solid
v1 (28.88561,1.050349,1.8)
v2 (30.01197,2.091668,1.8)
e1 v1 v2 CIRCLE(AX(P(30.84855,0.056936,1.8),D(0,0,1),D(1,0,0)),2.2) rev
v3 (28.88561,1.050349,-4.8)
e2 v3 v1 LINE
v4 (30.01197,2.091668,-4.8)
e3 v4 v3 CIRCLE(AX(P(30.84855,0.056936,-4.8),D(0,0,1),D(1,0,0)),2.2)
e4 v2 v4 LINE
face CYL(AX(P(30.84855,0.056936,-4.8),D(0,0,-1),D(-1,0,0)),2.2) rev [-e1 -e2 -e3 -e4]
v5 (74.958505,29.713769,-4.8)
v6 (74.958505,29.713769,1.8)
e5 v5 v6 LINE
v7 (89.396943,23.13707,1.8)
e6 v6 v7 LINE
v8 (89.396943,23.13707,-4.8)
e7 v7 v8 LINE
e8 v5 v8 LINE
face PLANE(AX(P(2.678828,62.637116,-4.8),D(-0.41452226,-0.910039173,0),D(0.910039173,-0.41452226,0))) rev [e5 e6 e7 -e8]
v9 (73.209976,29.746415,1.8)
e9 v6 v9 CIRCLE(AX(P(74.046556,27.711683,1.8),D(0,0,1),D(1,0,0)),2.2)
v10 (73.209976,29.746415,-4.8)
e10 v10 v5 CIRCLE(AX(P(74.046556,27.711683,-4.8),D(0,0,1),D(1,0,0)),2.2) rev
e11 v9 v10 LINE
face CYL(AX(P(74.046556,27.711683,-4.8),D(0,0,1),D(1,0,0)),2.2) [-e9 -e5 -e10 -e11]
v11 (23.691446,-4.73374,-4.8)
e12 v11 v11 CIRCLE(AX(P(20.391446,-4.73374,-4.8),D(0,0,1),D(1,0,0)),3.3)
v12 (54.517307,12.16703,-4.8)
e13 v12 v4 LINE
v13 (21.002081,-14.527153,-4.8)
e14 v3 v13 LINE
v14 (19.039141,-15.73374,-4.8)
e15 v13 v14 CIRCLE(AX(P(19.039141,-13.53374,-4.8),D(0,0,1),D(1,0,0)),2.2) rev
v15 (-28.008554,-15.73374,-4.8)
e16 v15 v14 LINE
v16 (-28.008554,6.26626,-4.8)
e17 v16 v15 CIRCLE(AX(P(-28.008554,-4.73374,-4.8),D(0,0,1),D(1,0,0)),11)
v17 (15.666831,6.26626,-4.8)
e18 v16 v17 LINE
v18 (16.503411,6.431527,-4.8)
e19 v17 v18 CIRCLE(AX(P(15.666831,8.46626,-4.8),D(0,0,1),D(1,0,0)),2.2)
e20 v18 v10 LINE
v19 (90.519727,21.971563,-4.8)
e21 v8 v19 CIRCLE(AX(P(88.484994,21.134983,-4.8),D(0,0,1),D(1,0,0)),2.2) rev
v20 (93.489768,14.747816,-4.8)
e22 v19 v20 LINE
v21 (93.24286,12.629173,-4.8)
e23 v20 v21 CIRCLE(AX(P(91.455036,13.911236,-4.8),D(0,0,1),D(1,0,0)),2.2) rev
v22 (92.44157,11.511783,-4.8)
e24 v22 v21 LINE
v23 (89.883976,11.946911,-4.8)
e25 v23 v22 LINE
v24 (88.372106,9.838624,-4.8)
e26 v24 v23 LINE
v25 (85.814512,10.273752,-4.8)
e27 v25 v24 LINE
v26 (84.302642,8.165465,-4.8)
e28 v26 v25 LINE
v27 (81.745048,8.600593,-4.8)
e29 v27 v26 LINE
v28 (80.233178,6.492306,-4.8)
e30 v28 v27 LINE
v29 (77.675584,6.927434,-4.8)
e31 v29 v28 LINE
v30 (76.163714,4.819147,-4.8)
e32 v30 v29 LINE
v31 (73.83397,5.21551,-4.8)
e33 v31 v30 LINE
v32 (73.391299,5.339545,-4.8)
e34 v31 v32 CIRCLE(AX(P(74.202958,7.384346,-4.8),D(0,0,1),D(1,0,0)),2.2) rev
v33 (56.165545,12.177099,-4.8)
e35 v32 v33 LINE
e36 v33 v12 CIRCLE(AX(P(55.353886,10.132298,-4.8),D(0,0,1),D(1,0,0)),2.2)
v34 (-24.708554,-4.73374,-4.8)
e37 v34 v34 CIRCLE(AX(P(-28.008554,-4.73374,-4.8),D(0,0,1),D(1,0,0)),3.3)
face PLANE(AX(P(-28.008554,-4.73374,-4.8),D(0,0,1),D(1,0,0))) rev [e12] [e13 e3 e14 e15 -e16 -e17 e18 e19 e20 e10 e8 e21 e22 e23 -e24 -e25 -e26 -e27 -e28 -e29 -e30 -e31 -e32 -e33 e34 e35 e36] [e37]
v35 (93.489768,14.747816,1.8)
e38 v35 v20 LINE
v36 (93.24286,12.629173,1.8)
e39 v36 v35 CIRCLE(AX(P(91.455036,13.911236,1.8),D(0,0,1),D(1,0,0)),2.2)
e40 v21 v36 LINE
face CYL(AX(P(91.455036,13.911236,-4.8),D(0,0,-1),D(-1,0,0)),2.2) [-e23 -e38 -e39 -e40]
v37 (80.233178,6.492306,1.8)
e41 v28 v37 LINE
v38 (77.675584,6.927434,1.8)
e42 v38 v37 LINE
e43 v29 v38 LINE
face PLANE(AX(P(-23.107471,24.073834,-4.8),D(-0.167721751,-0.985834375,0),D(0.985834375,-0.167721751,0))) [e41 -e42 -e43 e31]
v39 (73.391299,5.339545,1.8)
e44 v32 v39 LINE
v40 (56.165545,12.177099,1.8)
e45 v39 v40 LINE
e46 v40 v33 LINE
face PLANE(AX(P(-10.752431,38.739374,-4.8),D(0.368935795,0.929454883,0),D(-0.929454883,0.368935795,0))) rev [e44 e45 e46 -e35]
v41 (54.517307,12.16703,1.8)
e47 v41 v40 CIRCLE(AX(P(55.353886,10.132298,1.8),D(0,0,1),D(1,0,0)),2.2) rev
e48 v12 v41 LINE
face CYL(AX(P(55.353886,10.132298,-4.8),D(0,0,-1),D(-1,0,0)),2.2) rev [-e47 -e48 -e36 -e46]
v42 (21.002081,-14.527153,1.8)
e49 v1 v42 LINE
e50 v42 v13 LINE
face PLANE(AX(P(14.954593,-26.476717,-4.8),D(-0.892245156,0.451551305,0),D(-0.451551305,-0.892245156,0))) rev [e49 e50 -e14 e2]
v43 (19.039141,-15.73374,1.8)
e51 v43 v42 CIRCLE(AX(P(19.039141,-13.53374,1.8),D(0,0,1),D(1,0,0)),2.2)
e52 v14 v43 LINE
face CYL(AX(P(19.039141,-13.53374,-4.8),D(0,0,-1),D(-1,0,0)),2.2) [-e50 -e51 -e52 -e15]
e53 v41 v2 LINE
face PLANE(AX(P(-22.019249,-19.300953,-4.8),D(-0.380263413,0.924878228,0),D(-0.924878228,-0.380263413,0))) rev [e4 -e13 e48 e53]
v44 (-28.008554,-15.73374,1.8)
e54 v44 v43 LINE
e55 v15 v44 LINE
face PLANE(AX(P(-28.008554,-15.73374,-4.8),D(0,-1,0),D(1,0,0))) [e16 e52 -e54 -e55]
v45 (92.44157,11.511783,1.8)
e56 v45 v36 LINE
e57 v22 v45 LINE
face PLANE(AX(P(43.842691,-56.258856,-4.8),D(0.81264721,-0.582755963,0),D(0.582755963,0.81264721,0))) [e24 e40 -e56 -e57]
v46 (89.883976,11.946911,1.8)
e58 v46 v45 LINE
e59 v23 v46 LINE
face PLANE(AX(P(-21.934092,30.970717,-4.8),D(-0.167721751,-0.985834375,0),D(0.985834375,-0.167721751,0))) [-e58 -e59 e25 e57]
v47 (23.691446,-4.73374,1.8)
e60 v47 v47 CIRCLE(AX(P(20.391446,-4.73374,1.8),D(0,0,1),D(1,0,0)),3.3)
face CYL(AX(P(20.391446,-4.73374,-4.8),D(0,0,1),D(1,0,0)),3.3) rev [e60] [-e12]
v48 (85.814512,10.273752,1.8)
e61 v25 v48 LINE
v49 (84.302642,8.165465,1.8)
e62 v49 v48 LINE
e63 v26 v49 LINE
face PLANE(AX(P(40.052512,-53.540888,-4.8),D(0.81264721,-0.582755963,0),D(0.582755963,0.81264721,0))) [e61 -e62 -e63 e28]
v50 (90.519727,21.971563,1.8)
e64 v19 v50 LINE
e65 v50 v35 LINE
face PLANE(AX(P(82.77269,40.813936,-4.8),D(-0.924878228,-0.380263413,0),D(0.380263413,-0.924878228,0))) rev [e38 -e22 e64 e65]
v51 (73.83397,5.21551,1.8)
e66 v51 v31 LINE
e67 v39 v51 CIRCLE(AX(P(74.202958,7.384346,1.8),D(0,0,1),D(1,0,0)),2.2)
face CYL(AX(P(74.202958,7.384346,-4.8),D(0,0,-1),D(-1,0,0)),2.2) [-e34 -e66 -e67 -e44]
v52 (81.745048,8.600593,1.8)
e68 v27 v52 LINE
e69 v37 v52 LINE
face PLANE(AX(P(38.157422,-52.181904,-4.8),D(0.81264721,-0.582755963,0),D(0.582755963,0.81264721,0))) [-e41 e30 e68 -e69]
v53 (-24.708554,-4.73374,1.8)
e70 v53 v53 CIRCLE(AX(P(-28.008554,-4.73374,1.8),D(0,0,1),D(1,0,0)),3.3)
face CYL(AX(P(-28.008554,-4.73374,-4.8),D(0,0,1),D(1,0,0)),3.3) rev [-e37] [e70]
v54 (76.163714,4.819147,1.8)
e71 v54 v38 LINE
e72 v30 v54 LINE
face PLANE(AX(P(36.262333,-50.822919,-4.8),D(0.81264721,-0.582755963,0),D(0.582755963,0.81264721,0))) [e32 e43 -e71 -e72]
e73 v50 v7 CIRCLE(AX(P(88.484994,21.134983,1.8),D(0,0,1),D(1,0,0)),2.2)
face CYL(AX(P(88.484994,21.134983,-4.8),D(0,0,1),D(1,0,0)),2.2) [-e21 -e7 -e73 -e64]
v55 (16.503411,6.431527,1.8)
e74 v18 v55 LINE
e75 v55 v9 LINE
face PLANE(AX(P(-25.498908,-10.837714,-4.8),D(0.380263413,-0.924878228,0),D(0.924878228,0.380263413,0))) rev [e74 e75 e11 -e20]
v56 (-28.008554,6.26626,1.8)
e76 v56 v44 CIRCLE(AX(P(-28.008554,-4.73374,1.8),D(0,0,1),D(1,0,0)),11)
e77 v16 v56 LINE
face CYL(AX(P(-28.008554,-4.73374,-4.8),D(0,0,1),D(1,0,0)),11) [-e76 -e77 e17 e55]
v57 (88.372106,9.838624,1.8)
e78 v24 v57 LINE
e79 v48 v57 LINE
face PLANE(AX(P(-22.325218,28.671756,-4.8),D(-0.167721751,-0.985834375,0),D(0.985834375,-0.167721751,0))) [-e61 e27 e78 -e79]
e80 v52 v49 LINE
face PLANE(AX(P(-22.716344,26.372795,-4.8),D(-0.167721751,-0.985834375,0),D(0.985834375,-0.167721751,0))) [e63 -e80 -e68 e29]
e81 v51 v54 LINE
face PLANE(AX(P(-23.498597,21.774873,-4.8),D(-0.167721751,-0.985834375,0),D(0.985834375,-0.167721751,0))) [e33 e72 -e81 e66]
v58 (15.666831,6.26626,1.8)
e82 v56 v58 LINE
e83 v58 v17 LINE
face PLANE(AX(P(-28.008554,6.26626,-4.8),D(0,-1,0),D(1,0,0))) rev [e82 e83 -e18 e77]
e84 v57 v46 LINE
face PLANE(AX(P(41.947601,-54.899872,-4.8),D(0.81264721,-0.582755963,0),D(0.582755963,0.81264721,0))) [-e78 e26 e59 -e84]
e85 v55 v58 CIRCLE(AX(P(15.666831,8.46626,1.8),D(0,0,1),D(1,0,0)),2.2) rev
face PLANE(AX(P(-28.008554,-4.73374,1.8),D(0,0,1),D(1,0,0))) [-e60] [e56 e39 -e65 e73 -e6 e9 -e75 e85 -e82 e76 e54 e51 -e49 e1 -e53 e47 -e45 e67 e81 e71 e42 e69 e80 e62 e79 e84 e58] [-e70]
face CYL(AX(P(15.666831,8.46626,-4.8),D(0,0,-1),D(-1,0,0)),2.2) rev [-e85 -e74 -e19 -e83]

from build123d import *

# Parameters (mm, degrees)
SKETCH_1_R      = 1.5
EXTRUDE_2_DEPTH = 3
FILLET_1_R      = 1
SCALE_1_SCALE   = 2.2


with BuildPart() as part:
    # Эскиз1 → Бобышка-Вытянуть2 (new body)
    with BuildSketch(Plane.XY):
        with BuildLine():
            Line((20.05, 5), (0, 5))
            ThreePointArc((0, 5), (-5, 0), (0, -5))
            Line((0, -5), (22, -5))
            Line((22, -5), (26.028944646, 2.961014192))
            Line((26.028944646, 2.961014192), (37.885430155, 7.835804738))
            Line((37.885430155, 7.835804738), (46.188488025, 4.540007042))
            Line((46.188488025, 4.540007042), (47.351030887, 4.342221563))
            Line((47.351030887, 4.342221563), (48.038244482, 5.300533868))
            Line((48.038244482, 5.300533868), (49.200787343, 5.102748388))
            Line((49.200787343, 5.102748388), (49.888000938, 6.061060693))
            Line((49.888000938, 6.061060693), (51.050543799, 5.863275214))
            Line((51.050543799, 5.863275214), (51.737757394, 6.821587519))
            Line((51.737757394, 6.821587519), (52.900300256, 6.623802039))
            Line((52.900300256, 6.623802039), (53.587513851, 7.582114344))
            Line((53.587513851, 7.582114344), (54.750056712, 7.384328864))
            Line((54.750056712, 7.384328864), (55.437270307, 8.34264117))
            Line((55.437270307, 8.34264117), (53.72608495, 12.504593197))
            Line((53.72608495, 12.504593197), (46.409029503, 15.837507263))
            Line((46.409029503, 15.837507263), (20.05, 5))
        make_face()
        Circle(SKETCH_1_R, mode=Mode.SUBTRACT)
        with Locations((22, 0)):
            Circle(SKETCH_1_R, mode=Mode.SUBTRACT)
    extrude(amount=-EXTRUDE_2_DEPTH)

    # Скругление1
    fillet_1_edges = [part.edges().sort_by_distance(p)[0] for p in [
        (46.188488025, 4.540007042, -1.5),
        (37.885430155, 7.835804738, -1.5),
        (26.028944646, 2.961014192, -1.5),
        (22, -5, -1.5),
        (20.05, 5, -1.5),
        (46.409029503, 15.837507263, -1.5),
        (53.72608495, 12.504593197, -1.5),
        (55.437270307, 8.34264117, -1.5),
    ]]
    fillet(fillet_1_edges, radius=FILLET_1_R)


with BuildPart() as part_1:
    # Масштаб1: scaled about (23.340461949, 3.94478372, -1.5)
    add(part.part.scale(SCALE_1_SCALE).moved(Location((-28.008554339, -4.733740464, 1.8))))


solid = part_1.part
